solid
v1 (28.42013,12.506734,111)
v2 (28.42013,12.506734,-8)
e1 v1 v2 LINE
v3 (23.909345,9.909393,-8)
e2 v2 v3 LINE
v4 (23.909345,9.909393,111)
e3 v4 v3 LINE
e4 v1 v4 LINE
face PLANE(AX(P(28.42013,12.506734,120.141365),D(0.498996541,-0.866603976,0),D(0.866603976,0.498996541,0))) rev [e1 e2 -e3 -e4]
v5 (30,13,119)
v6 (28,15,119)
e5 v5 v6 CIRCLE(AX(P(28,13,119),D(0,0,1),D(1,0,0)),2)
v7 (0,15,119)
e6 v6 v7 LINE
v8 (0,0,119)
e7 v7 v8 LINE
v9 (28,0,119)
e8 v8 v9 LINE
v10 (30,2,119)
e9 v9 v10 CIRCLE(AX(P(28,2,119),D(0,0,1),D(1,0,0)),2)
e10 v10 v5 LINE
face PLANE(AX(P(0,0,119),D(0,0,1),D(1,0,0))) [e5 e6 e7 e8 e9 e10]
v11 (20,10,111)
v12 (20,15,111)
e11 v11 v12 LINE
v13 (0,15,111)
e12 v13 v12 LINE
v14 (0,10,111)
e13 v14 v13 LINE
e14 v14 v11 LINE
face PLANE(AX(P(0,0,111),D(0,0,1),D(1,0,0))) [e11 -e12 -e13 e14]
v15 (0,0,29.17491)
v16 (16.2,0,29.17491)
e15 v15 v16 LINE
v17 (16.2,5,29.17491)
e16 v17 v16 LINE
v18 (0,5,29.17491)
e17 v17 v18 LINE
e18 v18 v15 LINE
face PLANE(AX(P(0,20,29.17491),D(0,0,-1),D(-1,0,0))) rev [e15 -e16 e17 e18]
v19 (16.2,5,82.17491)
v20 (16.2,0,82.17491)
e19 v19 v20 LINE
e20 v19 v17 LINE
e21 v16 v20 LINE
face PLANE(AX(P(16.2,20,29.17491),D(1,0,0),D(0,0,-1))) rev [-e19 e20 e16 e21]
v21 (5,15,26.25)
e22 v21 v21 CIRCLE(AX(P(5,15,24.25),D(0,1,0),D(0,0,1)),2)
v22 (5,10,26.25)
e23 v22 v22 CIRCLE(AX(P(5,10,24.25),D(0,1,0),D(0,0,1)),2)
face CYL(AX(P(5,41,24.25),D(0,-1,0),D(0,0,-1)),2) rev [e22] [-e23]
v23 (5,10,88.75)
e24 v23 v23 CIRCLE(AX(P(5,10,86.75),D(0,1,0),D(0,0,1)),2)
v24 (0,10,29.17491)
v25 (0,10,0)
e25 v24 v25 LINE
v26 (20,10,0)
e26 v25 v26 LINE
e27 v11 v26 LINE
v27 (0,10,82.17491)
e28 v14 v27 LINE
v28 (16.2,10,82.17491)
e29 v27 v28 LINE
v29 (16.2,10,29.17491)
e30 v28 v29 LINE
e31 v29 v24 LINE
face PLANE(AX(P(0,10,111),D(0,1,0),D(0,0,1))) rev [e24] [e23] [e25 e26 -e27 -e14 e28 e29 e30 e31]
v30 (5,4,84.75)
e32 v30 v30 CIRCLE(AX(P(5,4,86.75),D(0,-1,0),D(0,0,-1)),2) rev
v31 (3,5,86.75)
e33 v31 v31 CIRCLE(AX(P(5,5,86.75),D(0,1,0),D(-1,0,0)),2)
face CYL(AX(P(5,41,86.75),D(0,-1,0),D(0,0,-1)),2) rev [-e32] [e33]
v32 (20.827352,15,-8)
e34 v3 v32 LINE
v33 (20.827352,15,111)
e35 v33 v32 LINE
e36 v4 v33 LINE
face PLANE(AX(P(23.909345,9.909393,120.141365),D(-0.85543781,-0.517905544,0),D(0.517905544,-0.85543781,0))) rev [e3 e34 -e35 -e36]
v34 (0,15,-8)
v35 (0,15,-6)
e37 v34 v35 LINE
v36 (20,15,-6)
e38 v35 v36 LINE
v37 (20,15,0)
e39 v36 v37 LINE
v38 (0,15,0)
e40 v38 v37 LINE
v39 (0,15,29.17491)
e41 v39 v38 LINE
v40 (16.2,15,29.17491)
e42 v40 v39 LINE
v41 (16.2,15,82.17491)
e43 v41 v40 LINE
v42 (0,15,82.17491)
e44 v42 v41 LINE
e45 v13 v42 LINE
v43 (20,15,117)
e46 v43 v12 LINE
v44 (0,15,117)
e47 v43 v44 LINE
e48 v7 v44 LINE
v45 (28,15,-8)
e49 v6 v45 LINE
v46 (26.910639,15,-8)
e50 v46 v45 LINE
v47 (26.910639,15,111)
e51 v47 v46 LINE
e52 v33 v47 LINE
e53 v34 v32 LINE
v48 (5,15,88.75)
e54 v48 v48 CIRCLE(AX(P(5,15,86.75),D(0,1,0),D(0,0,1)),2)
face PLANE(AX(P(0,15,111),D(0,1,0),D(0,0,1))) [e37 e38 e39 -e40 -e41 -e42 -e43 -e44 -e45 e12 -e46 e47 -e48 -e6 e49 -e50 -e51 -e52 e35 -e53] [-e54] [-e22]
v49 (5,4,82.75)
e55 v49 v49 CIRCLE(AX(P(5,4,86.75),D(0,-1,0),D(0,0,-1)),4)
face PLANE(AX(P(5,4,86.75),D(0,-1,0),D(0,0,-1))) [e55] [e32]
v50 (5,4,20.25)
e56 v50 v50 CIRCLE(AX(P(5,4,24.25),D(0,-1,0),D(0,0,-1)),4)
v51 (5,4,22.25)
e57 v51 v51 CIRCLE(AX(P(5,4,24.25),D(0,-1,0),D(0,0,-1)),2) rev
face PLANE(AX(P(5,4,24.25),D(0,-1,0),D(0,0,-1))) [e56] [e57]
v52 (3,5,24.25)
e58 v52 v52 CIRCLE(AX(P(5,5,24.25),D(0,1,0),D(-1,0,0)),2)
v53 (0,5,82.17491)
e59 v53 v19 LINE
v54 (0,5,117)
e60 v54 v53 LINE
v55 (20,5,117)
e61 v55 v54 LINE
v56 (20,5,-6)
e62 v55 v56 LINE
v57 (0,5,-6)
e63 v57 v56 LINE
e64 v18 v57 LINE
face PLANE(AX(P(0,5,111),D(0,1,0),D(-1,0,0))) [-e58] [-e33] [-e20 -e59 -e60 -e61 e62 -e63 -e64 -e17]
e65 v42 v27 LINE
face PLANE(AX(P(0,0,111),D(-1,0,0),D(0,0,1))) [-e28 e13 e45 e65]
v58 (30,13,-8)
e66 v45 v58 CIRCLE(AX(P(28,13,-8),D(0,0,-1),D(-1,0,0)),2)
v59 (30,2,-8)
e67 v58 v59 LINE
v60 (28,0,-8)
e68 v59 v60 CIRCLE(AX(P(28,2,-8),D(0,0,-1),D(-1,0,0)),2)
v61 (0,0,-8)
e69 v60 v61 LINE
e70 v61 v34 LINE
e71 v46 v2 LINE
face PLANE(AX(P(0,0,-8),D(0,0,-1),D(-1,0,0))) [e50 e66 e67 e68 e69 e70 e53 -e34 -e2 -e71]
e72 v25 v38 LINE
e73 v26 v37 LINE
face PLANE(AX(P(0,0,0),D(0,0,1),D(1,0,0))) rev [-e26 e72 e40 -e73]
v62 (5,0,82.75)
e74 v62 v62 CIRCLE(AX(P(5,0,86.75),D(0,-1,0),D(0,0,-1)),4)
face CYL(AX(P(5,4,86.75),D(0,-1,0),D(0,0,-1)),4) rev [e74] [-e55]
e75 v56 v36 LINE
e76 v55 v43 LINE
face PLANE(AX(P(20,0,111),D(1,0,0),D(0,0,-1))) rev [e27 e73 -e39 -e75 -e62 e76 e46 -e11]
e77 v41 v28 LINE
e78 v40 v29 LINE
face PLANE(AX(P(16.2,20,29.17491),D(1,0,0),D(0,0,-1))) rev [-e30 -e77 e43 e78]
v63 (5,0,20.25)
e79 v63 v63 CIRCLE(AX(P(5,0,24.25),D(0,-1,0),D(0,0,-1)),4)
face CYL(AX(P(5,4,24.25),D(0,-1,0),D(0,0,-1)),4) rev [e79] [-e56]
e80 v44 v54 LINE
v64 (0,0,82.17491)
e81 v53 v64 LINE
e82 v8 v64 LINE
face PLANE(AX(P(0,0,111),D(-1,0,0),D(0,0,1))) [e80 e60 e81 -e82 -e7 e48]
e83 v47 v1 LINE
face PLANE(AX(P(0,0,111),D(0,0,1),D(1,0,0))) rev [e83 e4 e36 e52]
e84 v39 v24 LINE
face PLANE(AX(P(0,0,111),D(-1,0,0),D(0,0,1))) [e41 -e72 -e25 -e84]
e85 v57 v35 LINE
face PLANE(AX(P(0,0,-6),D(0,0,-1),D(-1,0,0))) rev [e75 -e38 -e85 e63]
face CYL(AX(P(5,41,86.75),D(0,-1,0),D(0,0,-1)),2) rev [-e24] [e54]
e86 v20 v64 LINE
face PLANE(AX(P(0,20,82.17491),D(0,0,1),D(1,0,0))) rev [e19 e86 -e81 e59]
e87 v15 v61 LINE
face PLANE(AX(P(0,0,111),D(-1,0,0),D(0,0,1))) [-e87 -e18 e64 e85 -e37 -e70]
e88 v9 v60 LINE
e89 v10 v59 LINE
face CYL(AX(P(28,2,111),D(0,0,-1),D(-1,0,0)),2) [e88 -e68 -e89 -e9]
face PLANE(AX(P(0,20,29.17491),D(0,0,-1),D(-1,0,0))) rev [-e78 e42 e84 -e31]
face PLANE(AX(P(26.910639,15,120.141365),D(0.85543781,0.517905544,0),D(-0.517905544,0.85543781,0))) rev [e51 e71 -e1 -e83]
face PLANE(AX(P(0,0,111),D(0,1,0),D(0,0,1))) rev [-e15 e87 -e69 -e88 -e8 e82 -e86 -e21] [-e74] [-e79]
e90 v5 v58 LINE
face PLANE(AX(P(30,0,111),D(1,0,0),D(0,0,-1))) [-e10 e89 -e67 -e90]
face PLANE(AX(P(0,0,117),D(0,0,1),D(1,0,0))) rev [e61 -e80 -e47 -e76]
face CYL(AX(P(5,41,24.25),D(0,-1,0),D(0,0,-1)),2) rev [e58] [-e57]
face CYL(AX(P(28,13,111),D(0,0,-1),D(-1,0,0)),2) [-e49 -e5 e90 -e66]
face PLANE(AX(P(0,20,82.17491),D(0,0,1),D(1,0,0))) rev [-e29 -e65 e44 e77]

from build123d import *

# Parameters (mm, degrees)
SALIENTE_EXTRUIR1_DEPTH = 111
SALIENTE_EXTRUIR2_DEPTH = 6
CROQUIS3_W              = 20
CROQUIS3_H              = 5
SALIENTE_EXTRUIR3_DEPTH = 2
SALIENTE_EXTRUIR4_DEPTH = 6
SALIENTE_EXTRUIR5_DEPTH = 2
CROQUIS6_R              = 2
CORTAR_EXTRUIR1_DEPTH   = 41
CROQUIS7_R              = 4
CORTAR_EXTRUIR2_DEPTH   = 4
CROQUIS9_W              = 16.2
CROQUIS9_H              = 53
CORTAR_EXTRUIR4_DEPTH   = 20
CORTAR_EXTRUIR5_DEPTH   = 119


with BuildPart() as part:
    # Croquis1 → Saliente-Extruir1 (new body)
    with BuildSketch(Plane.XY):
        with BuildLine():
            Line((0, 5), (0, 0))
            Line((0, 0), (28, 0))
            ThreePointArc((28, 0), (29.414213562, 0.585786438), (30, 2))
            Line((30, 2), (30, 13))
            ThreePointArc((30, 13), (29.414213562, 14.414213562), (28, 15))
            Line((28, 15), (0, 15))
            Line((0, 15), (0, 10))
            Line((0, 10), (20, 10))
            Line((20, 10), (20, 5))
            Line((20, 5), (0, 5))
        make_face()
    extrude(amount=SALIENTE_EXTRUIR1_DEPTH)

    # Croquis2 → Saliente-Extruir2 (add)
    with BuildSketch(Plane.XY.offset(111)):
        with BuildLine():
            Line((20, 15), (20, 10))
            Line((20, 10), (20, 5))
            Line((20, 5), (0, 5))
            Line((0, 5), (0, 0))
            Line((0, 0), (28, 0))
            ThreePointArc((28, 0), (29.414213562, 0.585786438), (30, 2))
            Line((30, 2), (30, 13))
            ThreePointArc((30, 13), (29.414213562, 14.414213562), (28, 15))
            Line((28, 15), (20, 15))
        make_face()
    extrude(amount=SALIENTE_EXTRUIR2_DEPTH)

    # Croquis3 → Saliente-Extruir3 (add)
    with BuildSketch(Plane.XY.offset(117)):
        Polygon((20, 10), (20, 15), (11, 15), (0, 15), (0, 10), align=None)
        with BuildLine():
            Line((28, 15), (20, 15))
            Line((20, 15), (20, 10))
            Line((20, 10), (20, 5))
            Line((20, 5), (0, 5))
            Line((0, 5), (0, 0))
            Line((0, 0), (28, 0))
            ThreePointArc((28, 0), (29.414213562, 0.585786438), (30, 2))
            Line((30, 2), (30, 13))
            ThreePointArc((30, 13), (29.414213562, 14.414213562), (28, 15))
        make_face()
        with Locations((10, 7.5)):
            Rectangle(CROQUIS3_W, CROQUIS3_H)
    extrude(amount=SALIENTE_EXTRUIR3_DEPTH)

    # Croquis4 → Saliente-Extruir4 (add)
    with BuildSketch(Plane(origin=(0, 0, 0), x_dir=(-1, 0, 0), z_dir=(0, 0, -1))):
        with BuildLine():
            Line((-20, 5), (-20, 10))
            Line((-20, 10), (-20, 15))
            Line((-20, 15), (-28, 15))
            ThreePointArc((-28, 15), (-29.414213562, 14.414213562), (-30, 13))
            Line((-30, 13), (-30, 2))
            ThreePointArc((-30, 2), (-29.414213562, 0.585786438), (-28, 0))
            Line((-28, 0), (0, 0))
            Line((0, 0), (0, 5))
            Line((0, 5), (-20, 5))
        make_face()
    extrude(amount=SALIENTE_EXTRUIR4_DEPTH)

    # Croquis5 → Saliente-Extruir5 (add)
    with BuildSketch(Plane(origin=(0, 0, -6), x_dir=(-1, 0, 0), z_dir=(0, 0, -1))):
        with BuildLine():
            Line((0, 15), (-28, 15))
            ThreePointArc((-28, 15), (-29.414213562, 14.414213562), (-30, 13))
            Line((-30, 13), (-30, 2))
            ThreePointArc((-30, 2), (-29.414213562, 0.585786438), (-28, 0))
            Line((-28, 0), (0, 0))
            Line((0, 0), (0, 15))
        make_face()
    extrude(amount=SALIENTE_EXTRUIR5_DEPTH)

    # Croquis6 → Cortar-Extruir1 (cut)
    with BuildSketch(Plane.XZ):
        with Locations((5, 24.25)):
            Circle(CROQUIS6_R)
        with Locations((5, 86.75)):
            Circle(CROQUIS6_R)
    extrude(amount=-CORTAR_EXTRUIR1_DEPTH, mode=Mode.SUBTRACT)

    # Croquis7 → Cortar-Extruir2 (cut)
    with BuildSketch(Plane(origin=(0, 0, 0), x_dir=(-1, 0, 0), z_dir=(0, -1, 0))):
        with Locations((-5, -24.25)):
            Circle(CROQUIS7_R)
        with Locations((-5, -86.75)):
            Circle(CROQUIS7_R)
    extrude(amount=-CORTAR_EXTRUIR2_DEPTH, mode=Mode.SUBTRACT)

    # Croquis9 → Cortar-Extruir4 (cut)
    with BuildSketch(Plane.XZ):
        with Locations((8.1, 55.674909876)):
            Rectangle(CROQUIS9_W, CROQUIS9_H)
    extrude(amount=-CORTAR_EXTRUIR4_DEPTH, mode=Mode.SUBTRACT)

    # Croquis10 → Cortar-Extruir5 (cut)
    with BuildSketch(Plane(origin=(0, 0, -8), x_dir=(-1, 0, 0), z_dir=(0, 0, -1))):
        Polygon((-26.910638664, 15), (-28.420130104, 12.506734448), (-23.909345161, 9.909393396), (-20.827352116, 15), align=None)
    extrude(amount=-CORTAR_EXTRUIR5_DEPTH, mode=Mode.SUBTRACT)


solid = part.part
